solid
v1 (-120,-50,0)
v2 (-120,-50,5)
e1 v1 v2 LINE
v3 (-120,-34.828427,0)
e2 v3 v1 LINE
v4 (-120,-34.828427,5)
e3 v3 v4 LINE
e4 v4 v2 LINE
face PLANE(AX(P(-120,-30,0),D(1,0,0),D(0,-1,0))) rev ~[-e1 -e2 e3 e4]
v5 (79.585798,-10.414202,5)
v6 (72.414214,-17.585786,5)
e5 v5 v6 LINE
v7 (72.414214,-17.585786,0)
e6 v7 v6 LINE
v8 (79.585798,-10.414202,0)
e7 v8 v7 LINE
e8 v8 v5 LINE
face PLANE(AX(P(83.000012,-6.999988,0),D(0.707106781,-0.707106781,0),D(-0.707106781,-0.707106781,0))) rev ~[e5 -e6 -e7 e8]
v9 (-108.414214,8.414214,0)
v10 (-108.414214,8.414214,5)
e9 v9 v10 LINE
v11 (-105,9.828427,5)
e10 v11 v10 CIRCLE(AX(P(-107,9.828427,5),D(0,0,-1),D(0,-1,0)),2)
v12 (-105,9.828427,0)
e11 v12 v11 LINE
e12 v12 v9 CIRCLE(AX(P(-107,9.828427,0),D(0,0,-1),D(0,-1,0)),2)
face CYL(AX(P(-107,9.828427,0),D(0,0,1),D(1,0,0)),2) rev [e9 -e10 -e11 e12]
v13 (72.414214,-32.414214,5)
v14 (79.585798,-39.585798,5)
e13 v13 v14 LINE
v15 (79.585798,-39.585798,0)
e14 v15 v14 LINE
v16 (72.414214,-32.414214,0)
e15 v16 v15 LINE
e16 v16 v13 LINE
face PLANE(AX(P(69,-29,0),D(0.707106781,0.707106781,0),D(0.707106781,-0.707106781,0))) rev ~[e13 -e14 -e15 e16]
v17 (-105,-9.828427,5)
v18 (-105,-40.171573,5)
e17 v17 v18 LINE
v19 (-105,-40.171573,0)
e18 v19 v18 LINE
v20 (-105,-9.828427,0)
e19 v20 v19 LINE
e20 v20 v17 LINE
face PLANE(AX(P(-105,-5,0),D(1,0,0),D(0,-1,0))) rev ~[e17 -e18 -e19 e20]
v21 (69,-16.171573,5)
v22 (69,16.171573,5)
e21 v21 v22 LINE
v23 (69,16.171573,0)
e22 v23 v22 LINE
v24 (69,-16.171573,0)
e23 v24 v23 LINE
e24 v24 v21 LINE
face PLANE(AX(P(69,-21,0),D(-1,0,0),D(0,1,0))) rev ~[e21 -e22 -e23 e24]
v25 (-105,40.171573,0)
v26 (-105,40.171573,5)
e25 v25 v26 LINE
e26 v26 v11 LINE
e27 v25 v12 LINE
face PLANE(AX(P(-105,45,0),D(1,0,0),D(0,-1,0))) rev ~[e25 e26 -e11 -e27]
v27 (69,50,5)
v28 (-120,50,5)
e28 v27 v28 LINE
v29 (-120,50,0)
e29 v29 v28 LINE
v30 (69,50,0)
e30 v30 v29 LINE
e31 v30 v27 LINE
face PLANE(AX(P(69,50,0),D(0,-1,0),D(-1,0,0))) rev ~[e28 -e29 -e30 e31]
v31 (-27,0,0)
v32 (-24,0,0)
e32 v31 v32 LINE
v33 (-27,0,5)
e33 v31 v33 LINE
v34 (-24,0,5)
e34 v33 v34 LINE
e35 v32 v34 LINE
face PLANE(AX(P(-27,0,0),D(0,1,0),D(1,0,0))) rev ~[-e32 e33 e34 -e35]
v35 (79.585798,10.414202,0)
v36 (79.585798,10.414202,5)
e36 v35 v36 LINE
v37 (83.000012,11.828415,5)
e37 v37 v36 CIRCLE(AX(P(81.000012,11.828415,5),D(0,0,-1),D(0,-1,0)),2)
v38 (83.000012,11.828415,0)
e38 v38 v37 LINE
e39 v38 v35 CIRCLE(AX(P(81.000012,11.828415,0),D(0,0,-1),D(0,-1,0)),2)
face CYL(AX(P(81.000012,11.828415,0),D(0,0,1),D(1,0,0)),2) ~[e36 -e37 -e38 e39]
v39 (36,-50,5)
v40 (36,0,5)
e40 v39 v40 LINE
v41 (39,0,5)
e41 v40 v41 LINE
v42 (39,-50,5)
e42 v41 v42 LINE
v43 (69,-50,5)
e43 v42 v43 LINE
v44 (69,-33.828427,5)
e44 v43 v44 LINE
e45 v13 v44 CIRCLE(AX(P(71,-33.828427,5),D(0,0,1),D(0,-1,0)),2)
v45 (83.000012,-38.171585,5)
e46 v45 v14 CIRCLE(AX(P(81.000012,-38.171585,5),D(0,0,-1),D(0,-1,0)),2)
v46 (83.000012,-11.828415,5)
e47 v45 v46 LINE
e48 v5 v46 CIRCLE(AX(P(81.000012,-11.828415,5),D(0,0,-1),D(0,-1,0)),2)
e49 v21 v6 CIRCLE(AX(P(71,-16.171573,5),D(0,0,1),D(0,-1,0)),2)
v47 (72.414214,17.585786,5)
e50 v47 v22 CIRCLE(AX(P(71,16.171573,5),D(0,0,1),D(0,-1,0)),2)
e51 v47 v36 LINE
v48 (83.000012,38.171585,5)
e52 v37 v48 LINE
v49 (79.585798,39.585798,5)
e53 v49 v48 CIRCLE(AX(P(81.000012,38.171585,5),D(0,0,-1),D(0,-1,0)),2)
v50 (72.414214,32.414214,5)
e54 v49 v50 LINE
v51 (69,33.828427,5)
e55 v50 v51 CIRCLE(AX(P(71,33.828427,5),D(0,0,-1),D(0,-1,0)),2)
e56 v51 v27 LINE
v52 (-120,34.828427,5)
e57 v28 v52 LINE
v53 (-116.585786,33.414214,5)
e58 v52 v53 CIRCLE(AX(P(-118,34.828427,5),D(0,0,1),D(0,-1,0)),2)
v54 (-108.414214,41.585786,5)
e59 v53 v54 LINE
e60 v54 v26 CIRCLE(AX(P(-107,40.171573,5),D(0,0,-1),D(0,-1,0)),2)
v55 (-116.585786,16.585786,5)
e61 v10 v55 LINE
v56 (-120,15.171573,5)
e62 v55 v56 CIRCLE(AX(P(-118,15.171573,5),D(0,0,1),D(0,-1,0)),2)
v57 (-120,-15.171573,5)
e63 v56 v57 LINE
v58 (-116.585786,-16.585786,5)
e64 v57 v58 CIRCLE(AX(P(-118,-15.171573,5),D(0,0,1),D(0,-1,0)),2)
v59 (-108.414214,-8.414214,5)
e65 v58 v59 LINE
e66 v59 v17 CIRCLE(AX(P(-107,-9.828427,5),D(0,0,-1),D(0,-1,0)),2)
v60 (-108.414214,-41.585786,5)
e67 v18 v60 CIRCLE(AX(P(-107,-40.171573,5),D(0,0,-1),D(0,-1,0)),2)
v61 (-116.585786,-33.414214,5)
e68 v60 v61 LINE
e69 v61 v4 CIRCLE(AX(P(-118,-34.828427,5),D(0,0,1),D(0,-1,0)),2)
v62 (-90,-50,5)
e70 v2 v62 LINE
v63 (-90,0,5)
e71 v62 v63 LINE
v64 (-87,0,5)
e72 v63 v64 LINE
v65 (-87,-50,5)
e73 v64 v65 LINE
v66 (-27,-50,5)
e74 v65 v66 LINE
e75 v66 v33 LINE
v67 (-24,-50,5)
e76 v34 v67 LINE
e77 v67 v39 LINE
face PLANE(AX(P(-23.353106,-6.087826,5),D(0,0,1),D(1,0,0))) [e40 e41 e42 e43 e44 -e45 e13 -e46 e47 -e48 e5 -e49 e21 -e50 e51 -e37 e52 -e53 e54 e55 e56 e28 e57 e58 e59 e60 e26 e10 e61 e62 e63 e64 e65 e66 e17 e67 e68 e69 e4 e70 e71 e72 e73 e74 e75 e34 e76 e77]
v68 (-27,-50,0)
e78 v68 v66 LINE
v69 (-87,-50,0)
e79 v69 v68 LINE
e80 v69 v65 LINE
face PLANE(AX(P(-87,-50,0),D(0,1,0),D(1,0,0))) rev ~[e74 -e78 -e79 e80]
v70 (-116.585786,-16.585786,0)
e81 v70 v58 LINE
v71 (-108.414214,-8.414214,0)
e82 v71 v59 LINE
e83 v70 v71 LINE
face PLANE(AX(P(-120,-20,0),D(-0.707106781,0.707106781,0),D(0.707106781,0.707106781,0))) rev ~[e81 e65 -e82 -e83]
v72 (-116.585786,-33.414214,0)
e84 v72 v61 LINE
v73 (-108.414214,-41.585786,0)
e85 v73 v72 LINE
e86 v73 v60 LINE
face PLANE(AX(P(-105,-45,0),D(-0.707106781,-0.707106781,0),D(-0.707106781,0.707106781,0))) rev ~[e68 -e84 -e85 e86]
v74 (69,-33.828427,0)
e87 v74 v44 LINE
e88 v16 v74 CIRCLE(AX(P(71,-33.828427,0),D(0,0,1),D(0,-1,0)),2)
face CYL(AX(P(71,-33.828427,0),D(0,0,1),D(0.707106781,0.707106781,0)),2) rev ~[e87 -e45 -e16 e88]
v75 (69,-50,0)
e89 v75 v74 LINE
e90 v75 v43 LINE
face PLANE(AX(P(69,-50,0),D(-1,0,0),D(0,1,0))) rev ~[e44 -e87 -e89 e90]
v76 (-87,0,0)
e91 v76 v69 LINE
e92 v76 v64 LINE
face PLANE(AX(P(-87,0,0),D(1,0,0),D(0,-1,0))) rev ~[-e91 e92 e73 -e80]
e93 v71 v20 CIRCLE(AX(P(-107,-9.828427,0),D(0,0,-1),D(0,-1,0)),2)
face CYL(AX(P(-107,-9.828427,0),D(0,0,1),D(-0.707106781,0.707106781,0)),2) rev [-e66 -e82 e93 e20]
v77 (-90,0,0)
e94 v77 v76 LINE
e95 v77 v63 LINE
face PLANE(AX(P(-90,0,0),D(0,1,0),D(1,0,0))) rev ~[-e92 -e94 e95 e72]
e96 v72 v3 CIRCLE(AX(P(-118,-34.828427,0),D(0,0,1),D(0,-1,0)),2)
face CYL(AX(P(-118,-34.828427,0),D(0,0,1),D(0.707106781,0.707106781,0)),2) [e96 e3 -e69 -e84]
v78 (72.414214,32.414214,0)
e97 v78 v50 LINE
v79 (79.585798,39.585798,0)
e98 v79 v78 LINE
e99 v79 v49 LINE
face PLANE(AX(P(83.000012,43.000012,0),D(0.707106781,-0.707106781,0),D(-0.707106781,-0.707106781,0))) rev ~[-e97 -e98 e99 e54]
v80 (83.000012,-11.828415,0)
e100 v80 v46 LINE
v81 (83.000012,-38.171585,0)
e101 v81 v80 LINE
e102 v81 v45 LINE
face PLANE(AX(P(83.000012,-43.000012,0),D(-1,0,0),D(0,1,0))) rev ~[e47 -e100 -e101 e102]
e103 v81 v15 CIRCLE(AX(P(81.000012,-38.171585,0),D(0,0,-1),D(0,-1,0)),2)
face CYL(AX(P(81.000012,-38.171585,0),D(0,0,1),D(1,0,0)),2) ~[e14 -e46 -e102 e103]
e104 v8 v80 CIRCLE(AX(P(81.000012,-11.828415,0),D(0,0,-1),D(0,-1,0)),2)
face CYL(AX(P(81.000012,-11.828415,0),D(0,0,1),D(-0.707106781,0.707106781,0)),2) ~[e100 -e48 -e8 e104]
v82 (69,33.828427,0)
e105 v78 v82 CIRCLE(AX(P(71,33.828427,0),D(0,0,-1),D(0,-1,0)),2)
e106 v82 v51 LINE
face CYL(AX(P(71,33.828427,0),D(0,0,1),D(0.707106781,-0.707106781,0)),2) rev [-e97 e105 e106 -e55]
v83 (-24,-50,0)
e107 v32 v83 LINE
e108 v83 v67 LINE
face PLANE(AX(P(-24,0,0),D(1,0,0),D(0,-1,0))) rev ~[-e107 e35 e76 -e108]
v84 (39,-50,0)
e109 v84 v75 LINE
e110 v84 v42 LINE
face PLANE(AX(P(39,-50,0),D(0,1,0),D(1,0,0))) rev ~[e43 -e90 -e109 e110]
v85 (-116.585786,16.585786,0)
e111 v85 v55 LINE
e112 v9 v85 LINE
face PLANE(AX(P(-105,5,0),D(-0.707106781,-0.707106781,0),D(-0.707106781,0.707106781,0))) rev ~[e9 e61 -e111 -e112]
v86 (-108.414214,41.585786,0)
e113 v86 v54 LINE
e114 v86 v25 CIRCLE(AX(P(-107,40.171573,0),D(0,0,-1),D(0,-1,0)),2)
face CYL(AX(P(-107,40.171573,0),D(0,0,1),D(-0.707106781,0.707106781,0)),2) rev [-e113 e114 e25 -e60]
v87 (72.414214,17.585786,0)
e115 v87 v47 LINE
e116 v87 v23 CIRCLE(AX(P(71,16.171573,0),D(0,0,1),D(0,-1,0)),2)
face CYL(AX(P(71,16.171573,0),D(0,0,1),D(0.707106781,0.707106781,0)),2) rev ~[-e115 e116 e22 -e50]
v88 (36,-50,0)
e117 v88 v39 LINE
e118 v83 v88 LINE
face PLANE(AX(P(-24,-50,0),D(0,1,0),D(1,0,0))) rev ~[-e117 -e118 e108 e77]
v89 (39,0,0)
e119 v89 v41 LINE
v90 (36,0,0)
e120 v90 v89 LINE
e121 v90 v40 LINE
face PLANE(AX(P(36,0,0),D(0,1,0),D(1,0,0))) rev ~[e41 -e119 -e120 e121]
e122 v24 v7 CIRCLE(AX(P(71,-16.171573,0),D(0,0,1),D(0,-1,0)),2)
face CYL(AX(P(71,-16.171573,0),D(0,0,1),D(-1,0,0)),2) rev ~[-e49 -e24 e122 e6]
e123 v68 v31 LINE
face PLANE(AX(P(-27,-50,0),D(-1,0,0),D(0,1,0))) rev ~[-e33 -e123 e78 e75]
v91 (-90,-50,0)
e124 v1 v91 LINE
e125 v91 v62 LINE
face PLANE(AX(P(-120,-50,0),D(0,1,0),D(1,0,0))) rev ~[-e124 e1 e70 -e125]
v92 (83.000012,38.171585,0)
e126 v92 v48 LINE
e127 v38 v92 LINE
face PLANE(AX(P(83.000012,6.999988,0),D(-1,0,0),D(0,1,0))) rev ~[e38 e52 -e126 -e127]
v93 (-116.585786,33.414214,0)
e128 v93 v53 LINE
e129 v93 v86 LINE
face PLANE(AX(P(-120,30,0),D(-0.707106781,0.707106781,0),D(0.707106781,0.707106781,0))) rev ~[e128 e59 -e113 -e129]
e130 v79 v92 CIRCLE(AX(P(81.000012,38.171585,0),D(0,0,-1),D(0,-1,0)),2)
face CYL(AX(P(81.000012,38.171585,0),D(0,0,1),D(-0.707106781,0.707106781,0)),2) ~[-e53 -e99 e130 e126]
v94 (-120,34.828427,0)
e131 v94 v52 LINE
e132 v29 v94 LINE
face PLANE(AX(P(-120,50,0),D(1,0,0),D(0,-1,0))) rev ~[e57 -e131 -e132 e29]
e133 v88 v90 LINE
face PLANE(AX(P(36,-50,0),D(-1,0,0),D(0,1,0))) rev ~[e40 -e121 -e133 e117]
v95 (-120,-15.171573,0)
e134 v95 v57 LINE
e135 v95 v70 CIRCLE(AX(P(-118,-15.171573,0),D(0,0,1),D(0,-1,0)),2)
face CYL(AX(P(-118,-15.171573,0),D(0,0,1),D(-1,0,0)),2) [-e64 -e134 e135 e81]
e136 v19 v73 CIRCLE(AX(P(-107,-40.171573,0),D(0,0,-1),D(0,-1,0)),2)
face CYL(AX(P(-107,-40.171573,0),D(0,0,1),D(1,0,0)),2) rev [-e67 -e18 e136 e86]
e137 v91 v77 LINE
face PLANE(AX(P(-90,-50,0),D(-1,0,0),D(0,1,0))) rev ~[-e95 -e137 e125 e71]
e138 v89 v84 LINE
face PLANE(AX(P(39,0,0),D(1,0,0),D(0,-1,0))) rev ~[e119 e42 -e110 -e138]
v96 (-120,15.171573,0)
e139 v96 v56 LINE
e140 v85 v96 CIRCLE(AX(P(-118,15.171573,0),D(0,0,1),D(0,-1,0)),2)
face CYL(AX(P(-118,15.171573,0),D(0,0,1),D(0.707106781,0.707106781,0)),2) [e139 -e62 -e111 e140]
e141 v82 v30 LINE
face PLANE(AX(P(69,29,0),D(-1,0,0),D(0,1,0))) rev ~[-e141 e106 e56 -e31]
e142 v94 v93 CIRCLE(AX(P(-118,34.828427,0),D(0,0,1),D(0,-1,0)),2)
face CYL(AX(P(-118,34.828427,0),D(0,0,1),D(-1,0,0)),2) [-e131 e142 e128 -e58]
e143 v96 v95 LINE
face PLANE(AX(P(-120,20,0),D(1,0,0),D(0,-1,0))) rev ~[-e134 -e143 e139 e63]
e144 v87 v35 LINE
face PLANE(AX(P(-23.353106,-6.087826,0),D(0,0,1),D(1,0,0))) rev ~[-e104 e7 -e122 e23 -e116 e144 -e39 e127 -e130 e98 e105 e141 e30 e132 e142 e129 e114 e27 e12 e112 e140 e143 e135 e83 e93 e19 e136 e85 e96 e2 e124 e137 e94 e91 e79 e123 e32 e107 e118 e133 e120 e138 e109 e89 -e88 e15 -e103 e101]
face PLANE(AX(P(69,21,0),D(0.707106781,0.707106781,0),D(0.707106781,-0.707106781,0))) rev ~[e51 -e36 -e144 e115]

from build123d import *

# Parameters (mm, degrees)
F1_DEPTH = 5
F2_R     = 2
F3_R     = 2
F4_R     = 2


with BuildPart() as f1:
    # F0 (on Top) → F1 (new body)
    with BuildSketch(Plane.XY):
        Polygon((69, 30), (69, 50), (-120, 50), (-120, 30), (-105, 45), (-105, 25), (-105, 5), (-120, 20), (-120, 0), (-120, -20), (-105, -5), (-105, -25), (-105, -45), (-120, -30), (-120, -50), (-90, -50), (-90, 0), (-87, 0), (-87, -50), (-27, -50), (-27, 0), (-24, 0), (-24, -50), (36, -50), (36, 0), (39, 0), (39, -50), (69, -50), (69, -30), (69, -29), (83.000012, -43.000012), (83.000012, -6.999988), (69, -21), (69, -20), (69, 0), (69, 20), (69, 21), (83.000012, 6.999988), (83.000012, 25), (83.000012, 43.000012), (69, 29), align=None)
    extrude(amount=F1_DEPTH)

    # F2
    f2_edges = [f1.edges().sort_by_distance(p)[0] for p in [
        (-105, 45, 2.5),
        (-105, 5, 2.5),
        (-105, -5, 2.5),
        (-105, -45, 2.5),
        (-120, -20, 2.5),
        (-120, -30, 2.5),
        (-120, 20, 2.5),
        (-120, 30, 2.5),
    ]]
    fillet(f2_edges, radius=F2_R)

    # F3
    f3_edges = [f1.edges().sort_by_distance(p)[0] for p in [
        (83.000012, 43.000012, 2.5),
        (83.000012, 6.999988, 2.5),
        (83.000012, -6.999988, 2.5),
        (83.000012, -43.000012, 2.5),
    ]]
    fillet(f3_edges, radius=F3_R)

    # F4
    f4_edges = [f1.edges().sort_by_distance(p)[0] for p in [
        (69, 21, 2.5),
        (69, 29, 2.5),
        (69, -21, 2.5),
        (69, -29, 2.5),
    ]]
    fillet(f4_edges, radius=F4_R)


solid = f1.part
